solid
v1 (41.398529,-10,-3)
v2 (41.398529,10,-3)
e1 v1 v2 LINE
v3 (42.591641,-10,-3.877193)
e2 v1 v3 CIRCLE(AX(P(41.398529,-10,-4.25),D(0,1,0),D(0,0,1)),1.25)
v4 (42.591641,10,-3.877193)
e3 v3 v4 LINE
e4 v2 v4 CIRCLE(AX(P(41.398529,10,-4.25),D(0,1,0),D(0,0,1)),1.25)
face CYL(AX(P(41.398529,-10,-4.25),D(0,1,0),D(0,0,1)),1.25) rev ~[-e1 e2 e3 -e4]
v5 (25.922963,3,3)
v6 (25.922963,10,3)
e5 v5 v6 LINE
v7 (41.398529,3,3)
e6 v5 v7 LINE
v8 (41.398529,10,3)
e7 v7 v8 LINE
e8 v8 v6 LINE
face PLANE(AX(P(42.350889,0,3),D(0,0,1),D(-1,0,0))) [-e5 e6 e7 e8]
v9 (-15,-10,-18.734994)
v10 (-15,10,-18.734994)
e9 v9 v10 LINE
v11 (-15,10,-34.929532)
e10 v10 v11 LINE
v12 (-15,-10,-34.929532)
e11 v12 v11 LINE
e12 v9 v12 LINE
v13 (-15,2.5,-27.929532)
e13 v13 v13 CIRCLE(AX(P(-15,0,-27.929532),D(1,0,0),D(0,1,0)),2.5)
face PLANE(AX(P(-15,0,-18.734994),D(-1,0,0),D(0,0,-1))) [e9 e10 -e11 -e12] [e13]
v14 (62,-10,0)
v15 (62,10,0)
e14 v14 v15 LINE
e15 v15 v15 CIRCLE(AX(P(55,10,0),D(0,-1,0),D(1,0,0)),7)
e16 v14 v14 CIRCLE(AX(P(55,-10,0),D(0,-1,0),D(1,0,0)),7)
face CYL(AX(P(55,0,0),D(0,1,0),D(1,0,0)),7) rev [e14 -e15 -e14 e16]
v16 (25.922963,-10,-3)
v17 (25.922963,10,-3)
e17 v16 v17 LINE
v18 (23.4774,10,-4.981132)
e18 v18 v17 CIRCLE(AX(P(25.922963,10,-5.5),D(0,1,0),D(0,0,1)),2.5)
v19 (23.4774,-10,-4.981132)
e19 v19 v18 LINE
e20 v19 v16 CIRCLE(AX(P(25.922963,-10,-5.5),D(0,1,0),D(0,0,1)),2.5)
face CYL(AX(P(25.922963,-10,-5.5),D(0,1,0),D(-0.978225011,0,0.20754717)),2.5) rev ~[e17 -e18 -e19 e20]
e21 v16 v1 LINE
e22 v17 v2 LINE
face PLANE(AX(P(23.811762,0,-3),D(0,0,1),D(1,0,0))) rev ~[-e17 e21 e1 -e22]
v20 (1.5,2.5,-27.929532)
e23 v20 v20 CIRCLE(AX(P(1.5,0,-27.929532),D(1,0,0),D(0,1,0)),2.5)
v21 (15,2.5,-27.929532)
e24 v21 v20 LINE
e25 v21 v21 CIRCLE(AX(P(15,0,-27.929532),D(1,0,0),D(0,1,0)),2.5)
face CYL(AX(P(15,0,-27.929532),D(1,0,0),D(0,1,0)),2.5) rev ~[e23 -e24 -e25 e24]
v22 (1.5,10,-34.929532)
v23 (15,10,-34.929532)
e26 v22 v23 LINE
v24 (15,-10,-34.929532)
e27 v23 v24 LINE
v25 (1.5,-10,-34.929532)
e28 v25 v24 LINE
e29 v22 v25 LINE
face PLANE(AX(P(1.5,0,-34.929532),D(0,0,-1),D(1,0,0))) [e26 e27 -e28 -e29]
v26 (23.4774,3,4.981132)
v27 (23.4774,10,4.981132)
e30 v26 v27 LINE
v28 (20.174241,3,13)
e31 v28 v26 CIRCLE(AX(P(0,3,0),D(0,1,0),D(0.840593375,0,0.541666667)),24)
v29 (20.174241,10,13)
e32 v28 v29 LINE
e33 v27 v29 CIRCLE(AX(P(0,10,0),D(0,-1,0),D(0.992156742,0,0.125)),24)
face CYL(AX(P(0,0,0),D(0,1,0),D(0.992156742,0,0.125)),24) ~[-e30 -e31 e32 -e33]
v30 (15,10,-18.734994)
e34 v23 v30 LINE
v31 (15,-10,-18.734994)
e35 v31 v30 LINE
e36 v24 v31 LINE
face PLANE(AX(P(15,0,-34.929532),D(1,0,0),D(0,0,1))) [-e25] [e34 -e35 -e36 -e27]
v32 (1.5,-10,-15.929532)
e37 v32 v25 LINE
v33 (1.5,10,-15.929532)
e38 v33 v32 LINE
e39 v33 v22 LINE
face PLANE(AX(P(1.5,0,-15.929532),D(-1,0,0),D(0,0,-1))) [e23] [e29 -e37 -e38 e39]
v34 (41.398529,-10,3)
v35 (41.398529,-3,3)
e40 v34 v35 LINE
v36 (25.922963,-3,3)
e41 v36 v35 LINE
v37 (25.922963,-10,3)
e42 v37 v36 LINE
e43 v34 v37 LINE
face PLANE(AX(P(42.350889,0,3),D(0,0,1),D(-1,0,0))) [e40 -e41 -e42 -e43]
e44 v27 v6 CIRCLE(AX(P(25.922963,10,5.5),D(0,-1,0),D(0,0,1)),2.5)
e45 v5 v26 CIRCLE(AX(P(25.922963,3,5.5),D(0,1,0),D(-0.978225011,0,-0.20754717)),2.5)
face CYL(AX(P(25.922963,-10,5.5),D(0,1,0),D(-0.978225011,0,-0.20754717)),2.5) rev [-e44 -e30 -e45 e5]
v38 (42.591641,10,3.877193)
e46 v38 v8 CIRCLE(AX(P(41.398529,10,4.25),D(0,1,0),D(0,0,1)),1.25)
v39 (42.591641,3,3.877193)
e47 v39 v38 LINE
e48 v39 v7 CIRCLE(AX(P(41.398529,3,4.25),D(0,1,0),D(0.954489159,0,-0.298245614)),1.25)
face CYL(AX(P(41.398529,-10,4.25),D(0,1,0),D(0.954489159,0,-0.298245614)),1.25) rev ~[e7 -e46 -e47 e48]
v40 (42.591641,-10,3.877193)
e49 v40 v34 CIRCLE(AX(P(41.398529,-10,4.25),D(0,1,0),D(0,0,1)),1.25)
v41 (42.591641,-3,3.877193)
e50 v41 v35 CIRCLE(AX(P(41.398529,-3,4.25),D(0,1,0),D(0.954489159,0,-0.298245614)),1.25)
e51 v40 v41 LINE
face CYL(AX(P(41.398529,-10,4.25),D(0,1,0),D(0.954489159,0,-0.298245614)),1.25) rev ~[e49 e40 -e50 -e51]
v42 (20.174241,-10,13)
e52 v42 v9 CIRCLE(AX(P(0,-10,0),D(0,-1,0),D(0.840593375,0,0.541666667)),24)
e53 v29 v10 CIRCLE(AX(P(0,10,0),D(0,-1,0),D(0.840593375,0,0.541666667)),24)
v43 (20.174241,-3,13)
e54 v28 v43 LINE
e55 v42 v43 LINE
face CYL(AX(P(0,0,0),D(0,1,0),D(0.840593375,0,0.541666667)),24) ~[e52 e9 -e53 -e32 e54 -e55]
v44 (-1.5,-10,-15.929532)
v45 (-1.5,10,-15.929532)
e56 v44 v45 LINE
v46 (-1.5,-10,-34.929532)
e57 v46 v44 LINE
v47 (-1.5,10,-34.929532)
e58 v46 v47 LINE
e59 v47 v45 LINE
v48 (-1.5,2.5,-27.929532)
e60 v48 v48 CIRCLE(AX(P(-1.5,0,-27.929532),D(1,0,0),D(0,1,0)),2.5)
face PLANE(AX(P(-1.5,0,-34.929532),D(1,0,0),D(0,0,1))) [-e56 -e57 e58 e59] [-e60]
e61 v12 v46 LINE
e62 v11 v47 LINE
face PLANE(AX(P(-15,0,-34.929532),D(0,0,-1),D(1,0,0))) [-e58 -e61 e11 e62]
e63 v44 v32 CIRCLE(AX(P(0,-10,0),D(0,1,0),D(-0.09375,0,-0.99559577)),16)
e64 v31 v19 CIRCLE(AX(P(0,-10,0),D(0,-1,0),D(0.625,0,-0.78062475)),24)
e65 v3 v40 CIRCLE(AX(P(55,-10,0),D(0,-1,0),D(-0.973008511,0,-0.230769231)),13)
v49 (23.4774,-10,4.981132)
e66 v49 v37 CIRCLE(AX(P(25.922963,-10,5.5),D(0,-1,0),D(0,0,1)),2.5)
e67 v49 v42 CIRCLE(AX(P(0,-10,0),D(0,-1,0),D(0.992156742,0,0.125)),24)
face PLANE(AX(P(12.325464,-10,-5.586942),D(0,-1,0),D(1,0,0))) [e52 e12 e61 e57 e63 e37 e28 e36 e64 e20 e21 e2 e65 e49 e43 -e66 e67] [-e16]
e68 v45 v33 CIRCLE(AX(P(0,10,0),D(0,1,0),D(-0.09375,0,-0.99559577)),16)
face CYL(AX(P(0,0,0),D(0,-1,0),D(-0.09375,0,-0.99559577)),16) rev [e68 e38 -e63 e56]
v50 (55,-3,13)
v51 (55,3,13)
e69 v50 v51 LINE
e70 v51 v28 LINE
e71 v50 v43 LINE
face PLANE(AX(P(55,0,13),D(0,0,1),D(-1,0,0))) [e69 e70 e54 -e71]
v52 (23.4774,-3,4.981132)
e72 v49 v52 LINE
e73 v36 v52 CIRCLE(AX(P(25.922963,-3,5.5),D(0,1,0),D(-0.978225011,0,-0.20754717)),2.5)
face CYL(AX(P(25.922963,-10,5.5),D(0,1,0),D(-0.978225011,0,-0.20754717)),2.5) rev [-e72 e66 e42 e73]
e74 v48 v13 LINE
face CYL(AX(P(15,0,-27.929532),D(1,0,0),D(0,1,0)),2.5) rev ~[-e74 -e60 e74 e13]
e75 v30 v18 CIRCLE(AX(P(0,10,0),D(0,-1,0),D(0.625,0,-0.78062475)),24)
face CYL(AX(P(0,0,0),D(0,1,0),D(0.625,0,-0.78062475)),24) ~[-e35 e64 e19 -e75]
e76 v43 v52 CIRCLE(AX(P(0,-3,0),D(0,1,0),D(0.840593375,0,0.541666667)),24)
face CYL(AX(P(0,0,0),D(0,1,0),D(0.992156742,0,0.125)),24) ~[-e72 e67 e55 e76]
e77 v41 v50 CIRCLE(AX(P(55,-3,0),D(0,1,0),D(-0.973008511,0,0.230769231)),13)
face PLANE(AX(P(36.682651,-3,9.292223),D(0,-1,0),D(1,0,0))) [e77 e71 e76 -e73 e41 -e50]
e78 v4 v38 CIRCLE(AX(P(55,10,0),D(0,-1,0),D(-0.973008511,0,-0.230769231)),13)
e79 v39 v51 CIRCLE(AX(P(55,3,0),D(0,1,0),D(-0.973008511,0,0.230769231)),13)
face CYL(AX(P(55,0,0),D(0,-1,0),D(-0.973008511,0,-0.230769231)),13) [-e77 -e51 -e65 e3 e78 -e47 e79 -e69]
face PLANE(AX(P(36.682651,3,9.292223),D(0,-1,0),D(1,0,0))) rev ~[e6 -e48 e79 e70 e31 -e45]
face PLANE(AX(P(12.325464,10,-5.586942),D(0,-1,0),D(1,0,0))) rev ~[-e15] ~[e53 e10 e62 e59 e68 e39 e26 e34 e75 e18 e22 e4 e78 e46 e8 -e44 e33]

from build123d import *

# Parameters (mm, degrees)
F0_R     = 7
F1_DEPTH = 10
F2_R     = 2.5
F3_DEPTH = 39.001
F4_R     = 2.5
F5_R     = 1.25
F6_DEPTH = 3


with BuildPart() as f1:
    # F0 (on Front) → F1 (new body, symmetric)
    with BuildSketch(Plane.XZ):
        with BuildLine():
            ThreePointArc((-1.5, -15.9295323221), (0, 16), (1.5, -15.9295323221))
            Line((1.5, -15.9295323221), (1.5, -34.9295323221))
            Line((1.5, -34.9295323221), (15, -34.9295323221))
            Line((15, -34.9295323221), (15, -18.7349939952))
            ThreePointArc((15, -18.7349939952), (20.9400506806, -11.7266481782), (23.8117617996, -3))
            Line((23.8117617996, -3), (42.3508893593, -3))
            ThreePointArc((42.3508893593, -3), (65.1980390272, -8.0622577483), (55, 13))
            ThreePointArc((55, 13), (46.9377422517, 10.1980390272), (42.3508893593, 3))
            Line((42.3508893593, 3), (23.8117617996, 3))
            ThreePointArc((23.8117617996, 3), (22.5542038346, 8.2041385525), (20.1742410018, 13))
            ThreePointArc((20.1742410018, 13), (-16.0770225308, 17.8193531461), (-15, -18.7349939952))
            Line((-15, -18.7349939952), (-15, -34.9295323221))
            Line((-15, -34.9295323221), (-1.5, -34.9295323221))
            Line((-1.5, -34.9295323221), (-1.5, -15.9295323221))
        make_face()
        with Locations((55, 0)):
            Circle(F0_R, mode=Mode.SUBTRACT)
    extrude(amount=F1_DEPTH, both=True)

    # F2 (on face) → F3 (cut, through all)
    with BuildSketch(Plane.YZ.offset(15)):
        with Locations((0, -27.9295323221)):
            Circle(F2_R)
    extrude(amount=-F3_DEPTH, mode=Mode.SUBTRACT)

    # F4
    f4_edges = [f1.edges().sort_by_distance(p)[0] for p in [
        (23.811762, 5, 3),
        (23.811762, -5, 3),
        (23.811762, 5, -3),
        (23.811762, -5, -3),
    ]]
    fillet(f4_edges, radius=F4_R)

    # F5
    f5_edges = [f1.edges().sort_by_distance(p)[0] for p in [
        (42.350889, 5, -3),
        (42.350889, -5, -3),
        (42.350889, 5, 3),
        (42.350889, -5, 3),
    ]]
    fillet(f5_edges, radius=F5_R)

    # F0 (on Front) → F6 (join, symmetric)
    with BuildSketch(Plane.XZ):
        with BuildLine():
            Line((55, 13), (20.1742410018, 13))
            ThreePointArc((20.1742410018, 13), (22.5542038346, 8.2041385525), (23.8117617996, 3))
            Line((23.8117617996, 3), (42.3508893593, 3))
            ThreePointArc((42.3508893593, 3), (46.9377422517, 10.1980390272), (55, 13))
        make_face()
    extrude(amount=F6_DEPTH, both=True)


solid = f1.part
